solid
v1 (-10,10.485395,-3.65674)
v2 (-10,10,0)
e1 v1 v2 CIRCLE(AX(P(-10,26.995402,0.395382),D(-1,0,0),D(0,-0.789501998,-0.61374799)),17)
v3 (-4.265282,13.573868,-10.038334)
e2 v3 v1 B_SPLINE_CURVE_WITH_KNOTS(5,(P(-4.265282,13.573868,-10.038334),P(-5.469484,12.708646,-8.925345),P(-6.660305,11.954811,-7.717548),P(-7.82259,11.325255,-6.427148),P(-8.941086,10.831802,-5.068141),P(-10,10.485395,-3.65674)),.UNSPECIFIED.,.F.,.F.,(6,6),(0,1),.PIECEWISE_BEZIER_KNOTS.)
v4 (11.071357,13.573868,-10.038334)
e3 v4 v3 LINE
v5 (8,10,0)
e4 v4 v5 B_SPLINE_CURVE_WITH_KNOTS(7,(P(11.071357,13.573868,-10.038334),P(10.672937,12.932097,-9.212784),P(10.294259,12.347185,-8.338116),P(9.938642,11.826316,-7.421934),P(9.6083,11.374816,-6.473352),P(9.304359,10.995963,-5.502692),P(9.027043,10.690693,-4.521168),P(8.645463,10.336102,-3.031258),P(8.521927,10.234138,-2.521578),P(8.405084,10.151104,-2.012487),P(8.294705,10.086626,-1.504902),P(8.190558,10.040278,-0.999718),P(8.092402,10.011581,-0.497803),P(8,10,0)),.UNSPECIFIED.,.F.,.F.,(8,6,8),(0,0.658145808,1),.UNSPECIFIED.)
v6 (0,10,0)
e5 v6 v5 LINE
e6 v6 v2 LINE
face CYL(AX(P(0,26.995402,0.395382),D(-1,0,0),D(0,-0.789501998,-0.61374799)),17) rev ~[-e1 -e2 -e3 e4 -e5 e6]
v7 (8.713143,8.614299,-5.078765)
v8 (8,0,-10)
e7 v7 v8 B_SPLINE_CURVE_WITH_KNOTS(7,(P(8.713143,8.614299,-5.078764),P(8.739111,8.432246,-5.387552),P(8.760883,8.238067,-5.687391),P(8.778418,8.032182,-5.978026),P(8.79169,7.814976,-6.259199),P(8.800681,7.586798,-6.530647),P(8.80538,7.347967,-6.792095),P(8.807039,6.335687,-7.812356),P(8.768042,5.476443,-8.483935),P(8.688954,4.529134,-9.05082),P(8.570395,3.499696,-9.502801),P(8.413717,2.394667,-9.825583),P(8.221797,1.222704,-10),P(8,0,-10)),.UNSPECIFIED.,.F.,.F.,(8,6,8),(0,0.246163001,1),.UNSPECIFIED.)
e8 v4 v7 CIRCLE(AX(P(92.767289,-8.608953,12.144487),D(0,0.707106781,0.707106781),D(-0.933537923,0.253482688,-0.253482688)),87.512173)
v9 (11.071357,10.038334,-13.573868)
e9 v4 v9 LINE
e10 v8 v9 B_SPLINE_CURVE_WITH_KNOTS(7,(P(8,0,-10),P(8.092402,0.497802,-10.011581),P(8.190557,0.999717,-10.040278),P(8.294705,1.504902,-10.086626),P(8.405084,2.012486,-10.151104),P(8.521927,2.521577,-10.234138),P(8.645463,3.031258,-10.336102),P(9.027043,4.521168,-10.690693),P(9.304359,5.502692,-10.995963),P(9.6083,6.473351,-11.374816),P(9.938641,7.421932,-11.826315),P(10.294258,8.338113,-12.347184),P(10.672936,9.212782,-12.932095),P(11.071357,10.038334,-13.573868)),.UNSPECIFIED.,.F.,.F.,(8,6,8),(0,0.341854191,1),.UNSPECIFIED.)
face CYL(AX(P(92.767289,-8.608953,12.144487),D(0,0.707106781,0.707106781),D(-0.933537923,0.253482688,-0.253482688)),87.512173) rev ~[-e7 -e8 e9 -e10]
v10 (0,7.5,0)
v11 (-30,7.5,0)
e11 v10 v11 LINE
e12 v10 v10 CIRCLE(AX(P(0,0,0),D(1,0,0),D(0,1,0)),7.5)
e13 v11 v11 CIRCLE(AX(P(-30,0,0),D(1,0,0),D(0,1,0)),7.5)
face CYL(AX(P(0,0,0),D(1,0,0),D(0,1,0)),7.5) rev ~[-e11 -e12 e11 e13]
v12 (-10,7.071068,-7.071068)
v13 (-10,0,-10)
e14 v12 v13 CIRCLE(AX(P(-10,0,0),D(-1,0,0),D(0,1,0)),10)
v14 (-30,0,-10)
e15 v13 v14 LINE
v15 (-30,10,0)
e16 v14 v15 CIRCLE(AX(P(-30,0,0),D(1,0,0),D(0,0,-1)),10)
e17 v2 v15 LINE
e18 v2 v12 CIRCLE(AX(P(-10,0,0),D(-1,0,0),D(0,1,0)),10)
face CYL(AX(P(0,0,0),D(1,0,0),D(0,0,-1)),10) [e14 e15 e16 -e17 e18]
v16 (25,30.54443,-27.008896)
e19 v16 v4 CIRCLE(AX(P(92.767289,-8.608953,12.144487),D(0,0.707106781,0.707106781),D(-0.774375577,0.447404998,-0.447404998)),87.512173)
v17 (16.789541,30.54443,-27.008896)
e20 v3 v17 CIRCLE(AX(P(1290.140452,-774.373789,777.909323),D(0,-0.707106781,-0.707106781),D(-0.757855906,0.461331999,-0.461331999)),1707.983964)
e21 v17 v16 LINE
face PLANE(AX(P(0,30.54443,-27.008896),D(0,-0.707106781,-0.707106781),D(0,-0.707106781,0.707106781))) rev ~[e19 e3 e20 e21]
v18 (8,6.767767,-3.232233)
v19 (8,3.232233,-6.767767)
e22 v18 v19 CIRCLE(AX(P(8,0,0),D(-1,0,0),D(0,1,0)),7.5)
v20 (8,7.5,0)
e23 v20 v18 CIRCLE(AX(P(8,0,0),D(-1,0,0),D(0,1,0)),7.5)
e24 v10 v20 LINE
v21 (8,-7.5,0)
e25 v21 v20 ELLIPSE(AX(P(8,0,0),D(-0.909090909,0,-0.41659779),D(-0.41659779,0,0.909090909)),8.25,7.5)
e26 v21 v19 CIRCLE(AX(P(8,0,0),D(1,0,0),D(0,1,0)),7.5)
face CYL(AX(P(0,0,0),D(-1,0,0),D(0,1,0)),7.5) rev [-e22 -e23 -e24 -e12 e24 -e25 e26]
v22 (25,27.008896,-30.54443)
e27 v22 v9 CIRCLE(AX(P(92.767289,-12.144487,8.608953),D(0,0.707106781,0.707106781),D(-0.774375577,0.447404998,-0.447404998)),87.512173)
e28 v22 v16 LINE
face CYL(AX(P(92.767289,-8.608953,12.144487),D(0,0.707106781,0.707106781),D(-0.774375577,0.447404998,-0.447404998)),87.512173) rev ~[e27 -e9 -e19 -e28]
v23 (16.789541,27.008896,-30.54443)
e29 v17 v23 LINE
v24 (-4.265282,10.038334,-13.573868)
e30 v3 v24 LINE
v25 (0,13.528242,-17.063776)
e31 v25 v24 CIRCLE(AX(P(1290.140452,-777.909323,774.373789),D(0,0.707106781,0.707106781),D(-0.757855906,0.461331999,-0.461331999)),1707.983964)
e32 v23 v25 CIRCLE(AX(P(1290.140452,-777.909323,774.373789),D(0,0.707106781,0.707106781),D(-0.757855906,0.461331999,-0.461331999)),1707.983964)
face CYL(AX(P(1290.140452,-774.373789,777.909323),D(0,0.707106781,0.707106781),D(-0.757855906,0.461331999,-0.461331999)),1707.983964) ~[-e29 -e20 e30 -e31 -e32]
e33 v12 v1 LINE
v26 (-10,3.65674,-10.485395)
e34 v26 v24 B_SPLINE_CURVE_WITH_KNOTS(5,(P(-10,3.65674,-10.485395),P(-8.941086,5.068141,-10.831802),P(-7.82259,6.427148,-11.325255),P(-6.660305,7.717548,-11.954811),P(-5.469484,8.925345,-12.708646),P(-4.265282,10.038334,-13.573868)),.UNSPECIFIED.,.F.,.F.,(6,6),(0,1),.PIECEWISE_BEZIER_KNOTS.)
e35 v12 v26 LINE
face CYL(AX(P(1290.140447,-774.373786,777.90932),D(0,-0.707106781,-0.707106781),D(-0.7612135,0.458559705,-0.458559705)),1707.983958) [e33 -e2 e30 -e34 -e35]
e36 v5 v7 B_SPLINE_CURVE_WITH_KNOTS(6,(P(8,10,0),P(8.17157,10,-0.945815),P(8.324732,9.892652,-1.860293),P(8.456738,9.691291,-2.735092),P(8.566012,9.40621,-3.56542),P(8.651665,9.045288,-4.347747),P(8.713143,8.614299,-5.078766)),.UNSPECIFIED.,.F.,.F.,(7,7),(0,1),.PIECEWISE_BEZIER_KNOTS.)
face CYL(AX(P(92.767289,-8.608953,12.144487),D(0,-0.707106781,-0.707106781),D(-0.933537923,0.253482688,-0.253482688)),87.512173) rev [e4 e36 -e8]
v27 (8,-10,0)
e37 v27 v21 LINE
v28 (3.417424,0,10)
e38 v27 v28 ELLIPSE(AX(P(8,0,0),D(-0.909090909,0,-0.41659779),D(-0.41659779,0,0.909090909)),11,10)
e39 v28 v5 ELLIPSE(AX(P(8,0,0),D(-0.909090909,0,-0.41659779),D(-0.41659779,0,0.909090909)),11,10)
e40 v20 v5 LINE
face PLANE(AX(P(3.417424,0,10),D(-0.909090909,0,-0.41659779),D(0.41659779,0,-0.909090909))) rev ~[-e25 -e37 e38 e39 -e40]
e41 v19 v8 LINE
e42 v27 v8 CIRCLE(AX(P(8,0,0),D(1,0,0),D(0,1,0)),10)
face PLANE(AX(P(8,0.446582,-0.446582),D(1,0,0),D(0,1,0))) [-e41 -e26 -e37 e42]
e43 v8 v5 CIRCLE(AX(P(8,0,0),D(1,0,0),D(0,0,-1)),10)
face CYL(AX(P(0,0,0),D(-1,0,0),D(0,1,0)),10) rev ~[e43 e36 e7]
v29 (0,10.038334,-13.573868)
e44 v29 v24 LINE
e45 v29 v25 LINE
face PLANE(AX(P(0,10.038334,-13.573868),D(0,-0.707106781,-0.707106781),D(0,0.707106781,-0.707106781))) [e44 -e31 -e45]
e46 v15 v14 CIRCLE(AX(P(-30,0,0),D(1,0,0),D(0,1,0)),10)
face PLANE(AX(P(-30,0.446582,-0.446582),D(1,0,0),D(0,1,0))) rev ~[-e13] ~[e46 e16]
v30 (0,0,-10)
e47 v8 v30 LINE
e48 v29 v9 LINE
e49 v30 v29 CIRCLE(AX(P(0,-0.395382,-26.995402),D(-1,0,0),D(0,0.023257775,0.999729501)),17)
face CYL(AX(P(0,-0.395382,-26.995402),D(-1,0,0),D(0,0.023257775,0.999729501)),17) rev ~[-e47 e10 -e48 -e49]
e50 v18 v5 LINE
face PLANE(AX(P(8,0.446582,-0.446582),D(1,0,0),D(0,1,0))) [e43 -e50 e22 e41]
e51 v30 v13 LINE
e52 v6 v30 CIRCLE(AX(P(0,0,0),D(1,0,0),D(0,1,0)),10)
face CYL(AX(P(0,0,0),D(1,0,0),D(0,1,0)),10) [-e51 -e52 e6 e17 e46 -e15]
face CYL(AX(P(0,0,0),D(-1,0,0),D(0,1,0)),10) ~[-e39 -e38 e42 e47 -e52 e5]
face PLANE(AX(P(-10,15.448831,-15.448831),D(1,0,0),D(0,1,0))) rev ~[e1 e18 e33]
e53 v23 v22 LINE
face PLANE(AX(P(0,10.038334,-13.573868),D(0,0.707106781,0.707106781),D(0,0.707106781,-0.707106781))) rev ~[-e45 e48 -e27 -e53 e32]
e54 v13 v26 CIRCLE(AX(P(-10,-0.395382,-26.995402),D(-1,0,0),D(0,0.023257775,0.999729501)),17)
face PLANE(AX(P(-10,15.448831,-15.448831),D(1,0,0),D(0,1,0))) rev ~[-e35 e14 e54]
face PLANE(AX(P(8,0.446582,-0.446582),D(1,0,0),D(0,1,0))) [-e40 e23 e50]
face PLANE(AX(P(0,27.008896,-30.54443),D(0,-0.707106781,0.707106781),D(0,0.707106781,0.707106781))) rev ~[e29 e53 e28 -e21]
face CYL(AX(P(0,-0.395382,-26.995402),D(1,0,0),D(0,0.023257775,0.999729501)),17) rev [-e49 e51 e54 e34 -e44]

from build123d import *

# Parameters (mm, degrees)
F0_R          = 7.5
F1_DEPTH      = 8
F2_DEPTH      = 5
F2_DEPTH_BACK = 30
F4_DEPTH      = 12.5
F5_DEPTH      = 10
F5_DEPTH_BACK = 25
F7_DEPTH      = 25
F7_DEPTH_BACK = 25


with BuildPart() as f1:
    # F0 (on Right) → F1 (new body)
    with BuildSketch(Plane.YZ):
        with BuildLine():
            ThreePointArc((0, -10), (7.0710678119, -7.0710678119), (10, 0))
            ThreePointArc((10, 0), (-7.0710678119, 7.0710678119), (0, -10))
        make_face()
        Circle(F0_R, mode=Mode.SUBTRACT)
    extrude(amount=F1_DEPTH)

    # F0 (on Right) → F2 (join, two sides)
    with BuildSketch(Plane.YZ) as f2_sk:
        with BuildLine():
            ThreePointArc((0, -10), (7.0710678119, -7.0710678119), (10, 0))
            ThreePointArc((10, 0), (-7.0710678119, 7.0710678119), (0, -10))
        make_face()
        Circle(F0_R, mode=Mode.SUBTRACT)
    extrude(amount=F2_DEPTH)
    extrude(f2_sk.sketch, amount=-F2_DEPTH_BACK)

    # F3 (on Front) → F4 (cut, symmetric)
    with BuildSketch(Plane.XZ):
        Polygon((8, 0), (8, 10), (3.417424305, 10), align=None)
    extrude(amount=F4_DEPTH, both=True, mode=Mode.SUBTRACT)

    # F0 (on Right) → F5 (join, two sides)
    with BuildSketch(Plane.YZ) as f5_sk:
        with BuildLine():
            ThreePointArc((13.5738675599, -10.038333654), (10.9801111189, -5.3064134392), (10, 0))
            ThreePointArc((10, 0), (7.0710678119, -7.0710678119), (0, -10))
            ThreePointArc((0, -10), (5.3064134392, -10.9801111189), (10.038333654, -13.5738675599))
            Line((10.038333654, -13.5738675599), (27.0088964024, -30.5444303084))
            Line((27.0088964024, -30.5444303084), (30.5444303084, -27.0088964024))
            Line((30.5444303084, -27.0088964024), (13.5738675599, -10.038333654))
        make_face()
    extrude(amount=-F5_DEPTH)
    extrude(f5_sk.sketch, amount=F5_DEPTH_BACK)

    # F6 (on face) → F7 (cut, two sides)
    with BuildSketch(Plane(origin=(0, 1.767766953, 1.767766953), x_dir=(1, 0, 0), z_dir=(0, 0.7071067812, 0.7071067812))) as f7_sk:
        with BuildLine():
            ThreePointArc((-10, 10), (-7.1369616608, 13.3518740219), (-4.2652819266, 16.6963475971))
            Line((-4.2652819266, 16.696347597), (-10, 16.696347597))
            Line((-10, 16.696347597), (-10, 10))
        make_face()
        with BuildLine():
            ThreePointArc((-4.2652819266, 16.6963475971), (6.2060505049, 28.7455446955), (16.7895406485, 40.696347597))
            Line((16.7895406485, 40.696347597), (-10, 40.696347597))
            Line((-10, 40.696347597), (-10, 16.696347597))
            Line((-10, 16.696347597), (-4.2652819266, 16.696347597))
        make_face()
        with BuildLine():
            Line((25, 16.696347597), (25, 40.696347597))
            ThreePointArc((25, 40.696347597), (17.0783625635, 29.2519356675), (11.071357295, 16.696347597))
            Line((11.071357295, 16.696347597), (25, 16.696347597))
        make_face()
        with BuildLine():
            Line((25, 16.696347597), (11.071357295, 16.696347597))
            ThreePointArc((11.071357295, 16.696347597), (9.396655894, 11.9280688615), (8, 7.0710678119))
            Line((8, 7.0710678119), (25, 7.0189046673))
            Line((25, 7.0189046673), (25, 16.696347597))
        make_face()
    extrude(amount=-F7_DEPTH, mode=Mode.SUBTRACT)
    extrude(f7_sk.sketch, amount=F7_DEPTH_BACK, mode=Mode.SUBTRACT)


solid = f1.part
